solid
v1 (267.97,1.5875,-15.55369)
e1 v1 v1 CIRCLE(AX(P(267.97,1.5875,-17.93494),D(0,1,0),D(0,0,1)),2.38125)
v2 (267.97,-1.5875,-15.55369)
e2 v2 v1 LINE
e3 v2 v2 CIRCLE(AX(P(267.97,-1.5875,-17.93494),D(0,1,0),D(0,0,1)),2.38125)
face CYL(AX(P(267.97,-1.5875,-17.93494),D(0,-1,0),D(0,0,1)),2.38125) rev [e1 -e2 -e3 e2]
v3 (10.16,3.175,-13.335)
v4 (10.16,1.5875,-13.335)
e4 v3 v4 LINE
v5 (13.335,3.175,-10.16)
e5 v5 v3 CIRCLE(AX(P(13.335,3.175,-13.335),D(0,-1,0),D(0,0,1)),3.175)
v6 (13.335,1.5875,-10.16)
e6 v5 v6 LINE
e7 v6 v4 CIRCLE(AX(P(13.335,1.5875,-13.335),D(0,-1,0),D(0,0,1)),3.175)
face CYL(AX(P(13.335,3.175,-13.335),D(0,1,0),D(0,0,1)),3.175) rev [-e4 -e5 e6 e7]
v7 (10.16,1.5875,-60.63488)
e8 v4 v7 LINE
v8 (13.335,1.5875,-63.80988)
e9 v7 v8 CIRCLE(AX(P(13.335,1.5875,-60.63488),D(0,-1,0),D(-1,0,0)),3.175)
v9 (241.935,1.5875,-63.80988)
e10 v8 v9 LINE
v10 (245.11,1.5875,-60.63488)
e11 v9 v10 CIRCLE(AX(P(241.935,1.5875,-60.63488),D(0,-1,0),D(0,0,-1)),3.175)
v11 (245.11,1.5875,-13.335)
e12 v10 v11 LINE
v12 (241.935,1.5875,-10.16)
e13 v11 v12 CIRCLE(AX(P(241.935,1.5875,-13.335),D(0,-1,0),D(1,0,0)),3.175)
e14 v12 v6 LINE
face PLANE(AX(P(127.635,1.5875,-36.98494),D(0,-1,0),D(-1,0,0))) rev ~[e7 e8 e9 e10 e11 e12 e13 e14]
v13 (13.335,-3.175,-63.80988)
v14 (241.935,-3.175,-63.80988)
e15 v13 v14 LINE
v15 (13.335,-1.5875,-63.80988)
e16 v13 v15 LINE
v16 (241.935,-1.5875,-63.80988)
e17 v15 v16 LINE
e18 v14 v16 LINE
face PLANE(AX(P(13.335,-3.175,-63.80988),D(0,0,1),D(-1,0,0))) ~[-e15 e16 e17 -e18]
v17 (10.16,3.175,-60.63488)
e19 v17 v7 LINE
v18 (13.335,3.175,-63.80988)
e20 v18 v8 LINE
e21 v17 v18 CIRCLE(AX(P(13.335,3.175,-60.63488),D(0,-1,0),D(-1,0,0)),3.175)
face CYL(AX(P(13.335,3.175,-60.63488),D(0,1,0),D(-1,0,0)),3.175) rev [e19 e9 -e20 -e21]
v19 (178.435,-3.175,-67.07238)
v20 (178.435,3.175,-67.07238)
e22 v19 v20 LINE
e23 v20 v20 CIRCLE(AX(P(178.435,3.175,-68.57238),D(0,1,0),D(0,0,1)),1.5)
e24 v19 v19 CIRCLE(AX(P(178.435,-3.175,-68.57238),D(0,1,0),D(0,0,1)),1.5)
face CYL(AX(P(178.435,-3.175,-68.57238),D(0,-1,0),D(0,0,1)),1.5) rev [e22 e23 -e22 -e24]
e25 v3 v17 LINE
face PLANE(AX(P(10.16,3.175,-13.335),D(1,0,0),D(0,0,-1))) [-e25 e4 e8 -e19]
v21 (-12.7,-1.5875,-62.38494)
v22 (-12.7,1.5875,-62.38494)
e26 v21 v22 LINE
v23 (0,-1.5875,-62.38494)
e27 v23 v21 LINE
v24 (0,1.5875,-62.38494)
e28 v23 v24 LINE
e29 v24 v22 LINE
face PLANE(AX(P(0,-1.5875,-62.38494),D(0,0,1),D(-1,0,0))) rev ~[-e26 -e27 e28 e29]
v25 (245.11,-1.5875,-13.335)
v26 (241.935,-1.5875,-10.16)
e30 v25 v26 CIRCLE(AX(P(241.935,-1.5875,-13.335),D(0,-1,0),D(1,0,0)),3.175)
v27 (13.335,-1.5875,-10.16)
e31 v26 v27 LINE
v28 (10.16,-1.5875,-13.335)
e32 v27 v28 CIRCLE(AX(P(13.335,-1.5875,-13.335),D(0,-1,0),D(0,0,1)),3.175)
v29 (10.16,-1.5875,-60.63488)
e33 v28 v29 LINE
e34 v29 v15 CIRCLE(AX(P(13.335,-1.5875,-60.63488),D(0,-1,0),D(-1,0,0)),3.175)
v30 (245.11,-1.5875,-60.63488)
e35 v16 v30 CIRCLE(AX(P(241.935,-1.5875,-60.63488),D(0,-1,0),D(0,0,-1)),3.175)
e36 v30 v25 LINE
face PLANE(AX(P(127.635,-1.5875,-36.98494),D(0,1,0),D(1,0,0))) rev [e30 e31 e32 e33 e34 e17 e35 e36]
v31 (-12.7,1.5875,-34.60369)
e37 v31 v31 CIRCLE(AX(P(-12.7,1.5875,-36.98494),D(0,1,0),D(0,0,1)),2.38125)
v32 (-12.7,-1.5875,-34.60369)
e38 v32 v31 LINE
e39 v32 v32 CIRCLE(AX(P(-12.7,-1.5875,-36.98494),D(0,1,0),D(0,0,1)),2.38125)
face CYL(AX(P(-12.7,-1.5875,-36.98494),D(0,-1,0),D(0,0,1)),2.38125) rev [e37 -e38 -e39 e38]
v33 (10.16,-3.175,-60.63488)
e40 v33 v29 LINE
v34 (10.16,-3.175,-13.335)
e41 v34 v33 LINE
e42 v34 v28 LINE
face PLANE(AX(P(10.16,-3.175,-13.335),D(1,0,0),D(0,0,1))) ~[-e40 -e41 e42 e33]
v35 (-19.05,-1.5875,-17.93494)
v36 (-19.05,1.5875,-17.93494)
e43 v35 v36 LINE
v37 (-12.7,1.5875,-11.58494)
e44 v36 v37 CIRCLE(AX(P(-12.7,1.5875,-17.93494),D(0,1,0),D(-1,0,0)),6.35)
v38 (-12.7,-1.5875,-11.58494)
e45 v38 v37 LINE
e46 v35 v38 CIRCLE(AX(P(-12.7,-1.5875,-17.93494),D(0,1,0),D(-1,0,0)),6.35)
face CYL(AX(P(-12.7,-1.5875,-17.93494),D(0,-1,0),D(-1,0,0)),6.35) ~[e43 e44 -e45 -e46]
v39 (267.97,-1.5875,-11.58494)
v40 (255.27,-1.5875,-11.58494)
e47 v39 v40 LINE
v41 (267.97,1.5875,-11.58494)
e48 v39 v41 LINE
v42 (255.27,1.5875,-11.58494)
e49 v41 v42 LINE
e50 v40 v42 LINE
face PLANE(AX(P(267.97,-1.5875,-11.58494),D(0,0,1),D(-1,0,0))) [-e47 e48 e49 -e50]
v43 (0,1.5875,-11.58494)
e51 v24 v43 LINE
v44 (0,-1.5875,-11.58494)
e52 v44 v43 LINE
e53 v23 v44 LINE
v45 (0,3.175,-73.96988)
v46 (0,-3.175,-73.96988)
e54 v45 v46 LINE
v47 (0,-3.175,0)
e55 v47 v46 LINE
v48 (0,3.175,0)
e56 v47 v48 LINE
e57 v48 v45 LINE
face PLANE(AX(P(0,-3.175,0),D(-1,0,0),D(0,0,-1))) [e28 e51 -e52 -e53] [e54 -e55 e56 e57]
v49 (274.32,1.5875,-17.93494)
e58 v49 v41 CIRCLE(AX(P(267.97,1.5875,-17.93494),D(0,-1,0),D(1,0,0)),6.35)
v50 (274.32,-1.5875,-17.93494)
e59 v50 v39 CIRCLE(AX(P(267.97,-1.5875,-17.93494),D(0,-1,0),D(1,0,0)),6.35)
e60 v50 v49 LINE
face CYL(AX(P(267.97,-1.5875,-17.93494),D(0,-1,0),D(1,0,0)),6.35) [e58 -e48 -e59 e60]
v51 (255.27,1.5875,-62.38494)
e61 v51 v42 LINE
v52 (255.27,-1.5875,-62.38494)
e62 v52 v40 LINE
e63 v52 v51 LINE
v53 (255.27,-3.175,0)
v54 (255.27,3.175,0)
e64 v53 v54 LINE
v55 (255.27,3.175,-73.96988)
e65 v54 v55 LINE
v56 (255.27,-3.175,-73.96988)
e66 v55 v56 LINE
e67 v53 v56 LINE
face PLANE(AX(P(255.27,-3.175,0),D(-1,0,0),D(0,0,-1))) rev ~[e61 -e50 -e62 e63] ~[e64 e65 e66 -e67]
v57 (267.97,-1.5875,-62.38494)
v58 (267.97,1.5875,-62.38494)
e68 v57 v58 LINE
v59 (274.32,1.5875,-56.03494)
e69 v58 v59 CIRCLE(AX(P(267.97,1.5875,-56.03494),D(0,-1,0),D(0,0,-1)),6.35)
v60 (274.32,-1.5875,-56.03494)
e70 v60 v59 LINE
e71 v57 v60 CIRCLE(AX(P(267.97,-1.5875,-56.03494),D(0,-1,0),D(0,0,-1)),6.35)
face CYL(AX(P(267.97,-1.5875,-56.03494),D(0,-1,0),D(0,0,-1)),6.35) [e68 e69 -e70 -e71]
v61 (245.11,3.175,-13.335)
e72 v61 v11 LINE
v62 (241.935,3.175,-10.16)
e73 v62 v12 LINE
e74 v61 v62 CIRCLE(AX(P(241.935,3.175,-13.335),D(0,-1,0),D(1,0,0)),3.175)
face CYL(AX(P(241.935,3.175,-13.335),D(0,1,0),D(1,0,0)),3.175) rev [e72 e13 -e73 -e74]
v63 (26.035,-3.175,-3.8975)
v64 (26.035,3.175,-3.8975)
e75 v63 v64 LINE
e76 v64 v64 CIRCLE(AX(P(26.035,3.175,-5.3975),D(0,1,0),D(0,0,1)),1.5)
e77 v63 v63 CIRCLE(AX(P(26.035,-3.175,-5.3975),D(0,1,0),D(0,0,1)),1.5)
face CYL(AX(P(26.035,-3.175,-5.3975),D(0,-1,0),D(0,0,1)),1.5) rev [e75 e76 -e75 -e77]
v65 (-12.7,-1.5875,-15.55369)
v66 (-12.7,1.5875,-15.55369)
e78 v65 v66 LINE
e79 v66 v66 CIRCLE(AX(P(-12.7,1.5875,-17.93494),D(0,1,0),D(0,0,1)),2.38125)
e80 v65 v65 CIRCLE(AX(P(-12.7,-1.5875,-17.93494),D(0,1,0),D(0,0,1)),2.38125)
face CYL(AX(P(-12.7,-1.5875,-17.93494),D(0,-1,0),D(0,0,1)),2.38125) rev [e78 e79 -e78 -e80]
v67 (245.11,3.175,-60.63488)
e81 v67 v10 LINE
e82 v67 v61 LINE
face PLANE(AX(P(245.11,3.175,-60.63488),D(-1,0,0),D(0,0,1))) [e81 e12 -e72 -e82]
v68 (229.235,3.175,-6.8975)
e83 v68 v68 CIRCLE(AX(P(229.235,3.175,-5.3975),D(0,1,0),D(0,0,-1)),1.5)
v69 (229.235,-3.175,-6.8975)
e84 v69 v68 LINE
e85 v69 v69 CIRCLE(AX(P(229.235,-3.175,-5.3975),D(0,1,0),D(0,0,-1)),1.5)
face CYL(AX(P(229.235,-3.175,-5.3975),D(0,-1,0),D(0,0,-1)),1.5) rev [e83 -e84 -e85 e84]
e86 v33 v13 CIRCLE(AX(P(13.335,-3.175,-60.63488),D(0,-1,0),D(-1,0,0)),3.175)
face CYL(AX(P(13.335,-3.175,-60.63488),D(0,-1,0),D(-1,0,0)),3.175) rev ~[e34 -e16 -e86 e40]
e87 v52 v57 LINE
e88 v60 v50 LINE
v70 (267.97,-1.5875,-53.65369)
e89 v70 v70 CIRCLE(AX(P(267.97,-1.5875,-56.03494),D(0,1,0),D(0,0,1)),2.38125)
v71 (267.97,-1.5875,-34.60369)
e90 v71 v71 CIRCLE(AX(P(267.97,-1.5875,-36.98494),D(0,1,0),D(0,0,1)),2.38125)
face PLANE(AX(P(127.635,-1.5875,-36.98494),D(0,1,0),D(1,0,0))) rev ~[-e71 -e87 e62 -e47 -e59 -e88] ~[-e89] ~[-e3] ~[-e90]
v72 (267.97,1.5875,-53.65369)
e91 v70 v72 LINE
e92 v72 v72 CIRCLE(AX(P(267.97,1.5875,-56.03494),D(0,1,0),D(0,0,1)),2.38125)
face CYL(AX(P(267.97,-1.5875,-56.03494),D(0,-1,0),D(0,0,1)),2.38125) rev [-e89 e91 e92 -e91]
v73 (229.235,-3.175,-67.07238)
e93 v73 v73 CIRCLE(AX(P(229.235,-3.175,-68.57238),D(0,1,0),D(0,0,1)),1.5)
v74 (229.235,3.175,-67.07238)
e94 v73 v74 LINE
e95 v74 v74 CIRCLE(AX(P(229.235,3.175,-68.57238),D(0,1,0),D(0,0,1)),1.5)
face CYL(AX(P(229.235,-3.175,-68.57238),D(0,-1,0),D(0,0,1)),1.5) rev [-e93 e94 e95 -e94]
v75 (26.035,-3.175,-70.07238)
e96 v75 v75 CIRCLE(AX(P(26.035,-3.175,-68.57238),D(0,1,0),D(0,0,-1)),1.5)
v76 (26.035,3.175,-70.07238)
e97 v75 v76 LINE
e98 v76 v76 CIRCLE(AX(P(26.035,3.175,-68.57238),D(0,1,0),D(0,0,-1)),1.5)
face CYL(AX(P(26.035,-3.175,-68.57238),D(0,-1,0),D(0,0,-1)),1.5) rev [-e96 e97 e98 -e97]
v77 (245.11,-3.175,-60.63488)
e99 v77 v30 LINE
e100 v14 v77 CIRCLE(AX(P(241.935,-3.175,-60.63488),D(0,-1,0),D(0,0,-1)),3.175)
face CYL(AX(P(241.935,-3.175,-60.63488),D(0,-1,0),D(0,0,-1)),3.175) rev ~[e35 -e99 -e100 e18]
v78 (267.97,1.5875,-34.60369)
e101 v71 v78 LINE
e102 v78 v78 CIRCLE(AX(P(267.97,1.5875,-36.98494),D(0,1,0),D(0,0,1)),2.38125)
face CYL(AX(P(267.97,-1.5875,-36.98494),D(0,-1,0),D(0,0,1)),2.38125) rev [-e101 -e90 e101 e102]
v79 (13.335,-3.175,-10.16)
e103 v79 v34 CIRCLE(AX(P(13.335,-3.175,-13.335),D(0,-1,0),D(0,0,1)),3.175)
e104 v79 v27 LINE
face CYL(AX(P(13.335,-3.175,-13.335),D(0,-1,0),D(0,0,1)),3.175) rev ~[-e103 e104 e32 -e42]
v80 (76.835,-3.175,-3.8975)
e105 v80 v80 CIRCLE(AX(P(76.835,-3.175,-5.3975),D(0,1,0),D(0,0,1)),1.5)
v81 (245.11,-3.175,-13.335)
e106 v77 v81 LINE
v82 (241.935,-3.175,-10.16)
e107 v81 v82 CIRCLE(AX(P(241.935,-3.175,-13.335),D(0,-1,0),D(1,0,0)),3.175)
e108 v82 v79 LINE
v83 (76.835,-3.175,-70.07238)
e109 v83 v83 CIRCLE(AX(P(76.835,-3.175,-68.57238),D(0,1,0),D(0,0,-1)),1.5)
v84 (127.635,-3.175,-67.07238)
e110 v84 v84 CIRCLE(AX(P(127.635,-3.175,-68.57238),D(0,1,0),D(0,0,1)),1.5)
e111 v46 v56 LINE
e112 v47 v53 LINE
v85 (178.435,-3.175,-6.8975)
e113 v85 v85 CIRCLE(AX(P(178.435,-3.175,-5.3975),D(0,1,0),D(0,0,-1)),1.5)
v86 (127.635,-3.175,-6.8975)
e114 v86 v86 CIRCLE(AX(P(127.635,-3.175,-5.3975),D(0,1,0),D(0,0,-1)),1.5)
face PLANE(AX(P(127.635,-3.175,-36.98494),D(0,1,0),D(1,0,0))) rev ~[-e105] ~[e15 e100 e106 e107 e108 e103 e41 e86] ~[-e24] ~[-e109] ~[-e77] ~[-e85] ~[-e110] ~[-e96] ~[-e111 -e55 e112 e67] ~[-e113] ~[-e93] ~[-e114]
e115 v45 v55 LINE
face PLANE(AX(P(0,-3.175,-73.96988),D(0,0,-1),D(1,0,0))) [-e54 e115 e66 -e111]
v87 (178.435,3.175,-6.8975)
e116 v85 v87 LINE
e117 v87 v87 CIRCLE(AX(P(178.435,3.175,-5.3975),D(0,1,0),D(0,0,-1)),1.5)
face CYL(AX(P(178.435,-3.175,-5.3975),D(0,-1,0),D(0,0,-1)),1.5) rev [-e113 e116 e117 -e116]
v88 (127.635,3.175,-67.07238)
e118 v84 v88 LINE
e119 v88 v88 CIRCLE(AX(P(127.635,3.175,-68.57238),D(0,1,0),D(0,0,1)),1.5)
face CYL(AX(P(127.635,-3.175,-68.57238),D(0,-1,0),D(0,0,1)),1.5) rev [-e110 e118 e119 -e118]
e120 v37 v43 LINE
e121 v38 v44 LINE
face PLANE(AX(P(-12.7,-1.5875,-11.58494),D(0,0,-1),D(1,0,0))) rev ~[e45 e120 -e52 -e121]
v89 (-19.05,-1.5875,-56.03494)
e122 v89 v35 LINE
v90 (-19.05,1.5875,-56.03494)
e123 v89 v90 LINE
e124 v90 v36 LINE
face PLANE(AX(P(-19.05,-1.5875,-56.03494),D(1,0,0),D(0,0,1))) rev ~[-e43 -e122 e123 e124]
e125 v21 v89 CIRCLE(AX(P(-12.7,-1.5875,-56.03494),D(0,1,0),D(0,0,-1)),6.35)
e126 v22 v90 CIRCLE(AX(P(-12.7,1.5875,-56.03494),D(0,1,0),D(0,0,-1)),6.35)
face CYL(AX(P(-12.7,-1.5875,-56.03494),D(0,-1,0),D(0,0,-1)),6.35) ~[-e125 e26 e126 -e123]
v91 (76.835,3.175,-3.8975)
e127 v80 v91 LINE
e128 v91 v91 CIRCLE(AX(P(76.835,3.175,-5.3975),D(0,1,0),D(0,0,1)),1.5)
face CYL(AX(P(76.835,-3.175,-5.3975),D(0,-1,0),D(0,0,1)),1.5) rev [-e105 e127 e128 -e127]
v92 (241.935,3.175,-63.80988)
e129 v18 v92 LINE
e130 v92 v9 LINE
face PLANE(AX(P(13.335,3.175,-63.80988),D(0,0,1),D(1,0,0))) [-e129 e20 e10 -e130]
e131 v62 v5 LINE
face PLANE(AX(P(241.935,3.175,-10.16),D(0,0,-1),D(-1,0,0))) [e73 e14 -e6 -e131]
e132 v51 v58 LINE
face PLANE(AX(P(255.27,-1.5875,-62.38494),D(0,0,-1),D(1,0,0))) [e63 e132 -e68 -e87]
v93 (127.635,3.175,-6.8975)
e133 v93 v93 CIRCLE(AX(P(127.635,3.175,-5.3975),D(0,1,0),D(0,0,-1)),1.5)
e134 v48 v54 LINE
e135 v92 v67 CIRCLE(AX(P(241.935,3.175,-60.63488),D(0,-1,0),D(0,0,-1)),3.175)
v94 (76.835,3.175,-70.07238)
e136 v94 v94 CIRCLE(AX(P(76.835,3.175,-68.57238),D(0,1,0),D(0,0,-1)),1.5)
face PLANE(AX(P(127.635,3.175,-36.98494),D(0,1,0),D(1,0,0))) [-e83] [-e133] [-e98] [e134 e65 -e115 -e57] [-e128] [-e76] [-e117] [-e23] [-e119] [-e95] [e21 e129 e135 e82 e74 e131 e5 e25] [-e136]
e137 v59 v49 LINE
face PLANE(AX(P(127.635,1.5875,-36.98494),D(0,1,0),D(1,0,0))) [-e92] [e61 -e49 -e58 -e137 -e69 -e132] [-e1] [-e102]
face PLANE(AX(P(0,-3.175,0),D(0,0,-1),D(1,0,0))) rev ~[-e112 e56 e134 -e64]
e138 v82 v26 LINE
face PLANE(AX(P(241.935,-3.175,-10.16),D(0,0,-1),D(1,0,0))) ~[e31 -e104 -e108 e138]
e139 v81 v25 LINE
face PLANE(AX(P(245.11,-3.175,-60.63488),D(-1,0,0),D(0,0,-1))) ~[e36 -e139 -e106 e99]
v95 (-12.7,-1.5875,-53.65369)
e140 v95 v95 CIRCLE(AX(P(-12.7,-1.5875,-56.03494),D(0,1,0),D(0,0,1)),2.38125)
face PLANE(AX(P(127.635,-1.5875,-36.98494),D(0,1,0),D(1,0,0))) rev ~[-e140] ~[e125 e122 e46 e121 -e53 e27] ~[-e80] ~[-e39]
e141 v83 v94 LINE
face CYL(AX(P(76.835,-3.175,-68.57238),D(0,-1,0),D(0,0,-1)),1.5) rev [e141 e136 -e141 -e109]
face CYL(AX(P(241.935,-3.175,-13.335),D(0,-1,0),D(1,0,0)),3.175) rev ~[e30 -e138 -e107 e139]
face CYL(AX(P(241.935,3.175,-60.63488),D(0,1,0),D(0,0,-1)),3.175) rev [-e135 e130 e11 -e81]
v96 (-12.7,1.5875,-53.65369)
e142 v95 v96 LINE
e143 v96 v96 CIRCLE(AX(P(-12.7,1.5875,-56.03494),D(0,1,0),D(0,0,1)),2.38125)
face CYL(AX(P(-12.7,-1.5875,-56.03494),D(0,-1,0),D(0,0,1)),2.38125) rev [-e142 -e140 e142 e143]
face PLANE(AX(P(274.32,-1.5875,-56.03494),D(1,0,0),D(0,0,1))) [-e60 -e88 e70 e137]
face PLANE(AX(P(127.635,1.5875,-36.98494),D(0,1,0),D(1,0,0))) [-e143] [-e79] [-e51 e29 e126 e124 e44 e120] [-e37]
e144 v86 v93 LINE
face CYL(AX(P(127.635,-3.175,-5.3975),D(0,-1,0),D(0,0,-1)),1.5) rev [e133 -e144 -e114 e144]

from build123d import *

# Parameters (mm, degrees)
BOSS_EXTRUDE1_DEPTH      = 1.5875
BOSS_EXTRUDE1_DEPTH_BACK = 1.5875
SKETCH1_R                = 1.5
SKETCH1_R_2              = 2.38125
BOSS_EXTRUDE2_DEPTH      = 3.175
BOSS_EXTRUDE2_DEPTH_BACK = 3.175
SKETCH1_4_W              = 255.27
SKETCH1_4_H              = 73.96988
CUT_EXTRUDE1_DEPTH       = 1.5875
CUT_EXTRUDE2_DEPTH       = 3.175
CUT_EXTRUDE2_DEPTH_BACK  = 3.175
SKETCH1_6_R              = 1.5


with BuildPart() as part:
    # Sketch1 → Boss-Extrude1 (new, two sides: drawn at the far end of the back side and taken through both)
    with BuildSketch(Plane(origin=(0, 0, 0), x_dir=(1, 0, 0), z_dir=(0, 1, 0)).offset(-BOSS_EXTRUDE1_DEPTH_BACK)):
        with BuildLine():
            Line((0, 11.58494), (0, 0))
            Line((0, 0), (255.27, 0))
            Line((255.27, 0), (255.27, 11.58494))
            Line((255.27, 11.58494), (267.97, 11.58494))
            ThreePointArc((267.97, 11.58494), (272.460128061, 13.444811939), (274.32, 17.93494))
            Line((274.32, 17.93494), (274.32, 56.03494))
            ThreePointArc((274.32, 56.03494), (272.460128061, 60.525068061), (267.97, 62.38494))
            Line((267.97, 62.38494), (255.27, 62.38494))
            Line((255.27, 62.38494), (255.27, 73.96988))
            Line((255.27, 73.96988), (0, 73.96988))
            Line((0, 73.96988), (0, 62.38494))
            Line((0, 62.38494), (-12.7, 62.38494))
            ThreePointArc((-12.7, 62.38494), (-17.190128061, 60.525068061), (-19.05, 56.03494))
            Line((-19.05, 56.03494), (-19.05, 17.93494))
            ThreePointArc((-19.05, 17.93494), (-17.190128061, 13.444811939), (-12.7, 11.58494))
            Line((-12.7, 11.58494), (0, 11.58494))
        make_face()
        with Locations((26.035, 5.3975)):
            Circle(SKETCH1_R, mode=Mode.SUBTRACT)
        with Locations((76.835, 5.3975)):
            Circle(SKETCH1_R, mode=Mode.SUBTRACT)
        with Locations((127.635, 5.3975)):
            Circle(SKETCH1_R, mode=Mode.SUBTRACT)
        with Locations((178.435, 5.3975)):
            Circle(SKETCH1_R, mode=Mode.SUBTRACT)
        with Locations((229.235, 5.3975)):
            Circle(SKETCH1_R, mode=Mode.SUBTRACT)
        with Locations((26.035, 68.57238)):
            Circle(SKETCH1_R, mode=Mode.SUBTRACT)
        with Locations((76.835, 68.57238)):
            Circle(SKETCH1_R, mode=Mode.SUBTRACT)
        with Locations((127.635, 68.57238)):
            Circle(SKETCH1_R, mode=Mode.SUBTRACT)
        with Locations((178.435, 68.57238)):
            Circle(SKETCH1_R, mode=Mode.SUBTRACT)
        with Locations((229.235, 68.57238)):
            Circle(SKETCH1_R, mode=Mode.SUBTRACT)
        with Locations((-12.7, 56.03494)):
            Circle(SKETCH1_R_2, mode=Mode.SUBTRACT)
        with Locations((-12.7, 17.93494)):
            Circle(SKETCH1_R_2, mode=Mode.SUBTRACT)
        with Locations((-12.7, 36.98494)):
            Circle(SKETCH1_R_2, mode=Mode.SUBTRACT)
        with Locations((267.97, 56.03494)):
            Circle(SKETCH1_R_2, mode=Mode.SUBTRACT)
        with Locations((267.97, 17.93494)):
            Circle(SKETCH1_R_2, mode=Mode.SUBTRACT)
        with Locations((267.97, 36.98494)):
            Circle(SKETCH1_R_2, mode=Mode.SUBTRACT)
    extrude(amount=BOSS_EXTRUDE1_DEPTH + BOSS_EXTRUDE1_DEPTH_BACK)

    # Sketch1<4> → Boss-Extrude2 (add, two sides: drawn at the far end of the back side and taken through both)
    with BuildSketch(Plane(origin=(0, 0, 0), x_dir=(1, 0, 0), z_dir=(0, 1, 0)).offset(-BOSS_EXTRUDE2_DEPTH_BACK)):
        with Locations((127.635, 36.98494)):
            Rectangle(SKETCH1_4_W, SKETCH1_4_H)
    extrude(amount=BOSS_EXTRUDE2_DEPTH + BOSS_EXTRUDE2_DEPTH_BACK)

    # Sketch2 → Cut-Extrude1 (cut)
    with BuildSketch(Plane(origin=(0, 3.175, 0), x_dir=(1, 0, 0), z_dir=(0, 1, 0))):
        with BuildLine():
            Line((13.335, 63.80988), (241.935, 63.80988))
            ThreePointArc((241.935, 63.80988), (244.18006403, 62.87994403), (245.11, 60.63488))
            Line((245.11, 60.63488), (245.11, 13.335))
            ThreePointArc((245.11, 13.335), (244.18006403, 11.08993597), (241.935, 10.16))
            Line((241.935, 10.16), (13.335, 10.16))
            ThreePointArc((13.335, 10.16), (11.08993597, 11.08993597), (10.16, 13.335))
            Line((10.16, 13.335), (10.16, 60.63488))
            ThreePointArc((10.16, 60.63488), (11.08993597, 62.87994403), (13.335, 63.80988))
        make_face()
    cut_extrude1 = extrude(amount=-CUT_EXTRUDE1_DEPTH, mode=Mode.SUBTRACT)

    # Mirror1: Cut-Extrude1 across plane
    add(cut_extrude1.mirror(Plane.ZX), mode=Mode.SUBTRACT)

    # Sketch1<6> → Cut-Extrude2 (cut, two sides: drawn at the far end of the back side and taken through both)
    with BuildSketch(Plane(origin=(0, 0, 0), x_dir=(1, 0, 0), z_dir=(0, 1, 0)).offset(-CUT_EXTRUDE2_DEPTH_BACK)):
        with Locations((178.435, 68.57238)):
            Circle(SKETCH1_6_R)
        with Locations((178.435, 5.3975)):
            Circle(SKETCH1_6_R)
        with Locations((229.235, 68.57238)):
            Circle(SKETCH1_6_R)
        with Locations((229.235, 5.3975)):
            Circle(SKETCH1_6_R)
        with Locations((127.635, 68.57238)):
            Circle(SKETCH1_6_R)
        with Locations((127.635, 5.3975)):
            Circle(SKETCH1_6_R)
        with Locations((26.035, 5.3975)):
            Circle(SKETCH1_6_R)
        with Locations((76.835, 5.3975)):
            Circle(SKETCH1_6_R)
        with Locations((26.035, 68.57238)):
            Circle(SKETCH1_6_R)
        with Locations((76.835, 68.57238)):
            Circle(SKETCH1_6_R)
    extrude(amount=CUT_EXTRUDE2_DEPTH + CUT_EXTRUDE2_DEPTH_BACK, mode=Mode.SUBTRACT)


solid = part.part
